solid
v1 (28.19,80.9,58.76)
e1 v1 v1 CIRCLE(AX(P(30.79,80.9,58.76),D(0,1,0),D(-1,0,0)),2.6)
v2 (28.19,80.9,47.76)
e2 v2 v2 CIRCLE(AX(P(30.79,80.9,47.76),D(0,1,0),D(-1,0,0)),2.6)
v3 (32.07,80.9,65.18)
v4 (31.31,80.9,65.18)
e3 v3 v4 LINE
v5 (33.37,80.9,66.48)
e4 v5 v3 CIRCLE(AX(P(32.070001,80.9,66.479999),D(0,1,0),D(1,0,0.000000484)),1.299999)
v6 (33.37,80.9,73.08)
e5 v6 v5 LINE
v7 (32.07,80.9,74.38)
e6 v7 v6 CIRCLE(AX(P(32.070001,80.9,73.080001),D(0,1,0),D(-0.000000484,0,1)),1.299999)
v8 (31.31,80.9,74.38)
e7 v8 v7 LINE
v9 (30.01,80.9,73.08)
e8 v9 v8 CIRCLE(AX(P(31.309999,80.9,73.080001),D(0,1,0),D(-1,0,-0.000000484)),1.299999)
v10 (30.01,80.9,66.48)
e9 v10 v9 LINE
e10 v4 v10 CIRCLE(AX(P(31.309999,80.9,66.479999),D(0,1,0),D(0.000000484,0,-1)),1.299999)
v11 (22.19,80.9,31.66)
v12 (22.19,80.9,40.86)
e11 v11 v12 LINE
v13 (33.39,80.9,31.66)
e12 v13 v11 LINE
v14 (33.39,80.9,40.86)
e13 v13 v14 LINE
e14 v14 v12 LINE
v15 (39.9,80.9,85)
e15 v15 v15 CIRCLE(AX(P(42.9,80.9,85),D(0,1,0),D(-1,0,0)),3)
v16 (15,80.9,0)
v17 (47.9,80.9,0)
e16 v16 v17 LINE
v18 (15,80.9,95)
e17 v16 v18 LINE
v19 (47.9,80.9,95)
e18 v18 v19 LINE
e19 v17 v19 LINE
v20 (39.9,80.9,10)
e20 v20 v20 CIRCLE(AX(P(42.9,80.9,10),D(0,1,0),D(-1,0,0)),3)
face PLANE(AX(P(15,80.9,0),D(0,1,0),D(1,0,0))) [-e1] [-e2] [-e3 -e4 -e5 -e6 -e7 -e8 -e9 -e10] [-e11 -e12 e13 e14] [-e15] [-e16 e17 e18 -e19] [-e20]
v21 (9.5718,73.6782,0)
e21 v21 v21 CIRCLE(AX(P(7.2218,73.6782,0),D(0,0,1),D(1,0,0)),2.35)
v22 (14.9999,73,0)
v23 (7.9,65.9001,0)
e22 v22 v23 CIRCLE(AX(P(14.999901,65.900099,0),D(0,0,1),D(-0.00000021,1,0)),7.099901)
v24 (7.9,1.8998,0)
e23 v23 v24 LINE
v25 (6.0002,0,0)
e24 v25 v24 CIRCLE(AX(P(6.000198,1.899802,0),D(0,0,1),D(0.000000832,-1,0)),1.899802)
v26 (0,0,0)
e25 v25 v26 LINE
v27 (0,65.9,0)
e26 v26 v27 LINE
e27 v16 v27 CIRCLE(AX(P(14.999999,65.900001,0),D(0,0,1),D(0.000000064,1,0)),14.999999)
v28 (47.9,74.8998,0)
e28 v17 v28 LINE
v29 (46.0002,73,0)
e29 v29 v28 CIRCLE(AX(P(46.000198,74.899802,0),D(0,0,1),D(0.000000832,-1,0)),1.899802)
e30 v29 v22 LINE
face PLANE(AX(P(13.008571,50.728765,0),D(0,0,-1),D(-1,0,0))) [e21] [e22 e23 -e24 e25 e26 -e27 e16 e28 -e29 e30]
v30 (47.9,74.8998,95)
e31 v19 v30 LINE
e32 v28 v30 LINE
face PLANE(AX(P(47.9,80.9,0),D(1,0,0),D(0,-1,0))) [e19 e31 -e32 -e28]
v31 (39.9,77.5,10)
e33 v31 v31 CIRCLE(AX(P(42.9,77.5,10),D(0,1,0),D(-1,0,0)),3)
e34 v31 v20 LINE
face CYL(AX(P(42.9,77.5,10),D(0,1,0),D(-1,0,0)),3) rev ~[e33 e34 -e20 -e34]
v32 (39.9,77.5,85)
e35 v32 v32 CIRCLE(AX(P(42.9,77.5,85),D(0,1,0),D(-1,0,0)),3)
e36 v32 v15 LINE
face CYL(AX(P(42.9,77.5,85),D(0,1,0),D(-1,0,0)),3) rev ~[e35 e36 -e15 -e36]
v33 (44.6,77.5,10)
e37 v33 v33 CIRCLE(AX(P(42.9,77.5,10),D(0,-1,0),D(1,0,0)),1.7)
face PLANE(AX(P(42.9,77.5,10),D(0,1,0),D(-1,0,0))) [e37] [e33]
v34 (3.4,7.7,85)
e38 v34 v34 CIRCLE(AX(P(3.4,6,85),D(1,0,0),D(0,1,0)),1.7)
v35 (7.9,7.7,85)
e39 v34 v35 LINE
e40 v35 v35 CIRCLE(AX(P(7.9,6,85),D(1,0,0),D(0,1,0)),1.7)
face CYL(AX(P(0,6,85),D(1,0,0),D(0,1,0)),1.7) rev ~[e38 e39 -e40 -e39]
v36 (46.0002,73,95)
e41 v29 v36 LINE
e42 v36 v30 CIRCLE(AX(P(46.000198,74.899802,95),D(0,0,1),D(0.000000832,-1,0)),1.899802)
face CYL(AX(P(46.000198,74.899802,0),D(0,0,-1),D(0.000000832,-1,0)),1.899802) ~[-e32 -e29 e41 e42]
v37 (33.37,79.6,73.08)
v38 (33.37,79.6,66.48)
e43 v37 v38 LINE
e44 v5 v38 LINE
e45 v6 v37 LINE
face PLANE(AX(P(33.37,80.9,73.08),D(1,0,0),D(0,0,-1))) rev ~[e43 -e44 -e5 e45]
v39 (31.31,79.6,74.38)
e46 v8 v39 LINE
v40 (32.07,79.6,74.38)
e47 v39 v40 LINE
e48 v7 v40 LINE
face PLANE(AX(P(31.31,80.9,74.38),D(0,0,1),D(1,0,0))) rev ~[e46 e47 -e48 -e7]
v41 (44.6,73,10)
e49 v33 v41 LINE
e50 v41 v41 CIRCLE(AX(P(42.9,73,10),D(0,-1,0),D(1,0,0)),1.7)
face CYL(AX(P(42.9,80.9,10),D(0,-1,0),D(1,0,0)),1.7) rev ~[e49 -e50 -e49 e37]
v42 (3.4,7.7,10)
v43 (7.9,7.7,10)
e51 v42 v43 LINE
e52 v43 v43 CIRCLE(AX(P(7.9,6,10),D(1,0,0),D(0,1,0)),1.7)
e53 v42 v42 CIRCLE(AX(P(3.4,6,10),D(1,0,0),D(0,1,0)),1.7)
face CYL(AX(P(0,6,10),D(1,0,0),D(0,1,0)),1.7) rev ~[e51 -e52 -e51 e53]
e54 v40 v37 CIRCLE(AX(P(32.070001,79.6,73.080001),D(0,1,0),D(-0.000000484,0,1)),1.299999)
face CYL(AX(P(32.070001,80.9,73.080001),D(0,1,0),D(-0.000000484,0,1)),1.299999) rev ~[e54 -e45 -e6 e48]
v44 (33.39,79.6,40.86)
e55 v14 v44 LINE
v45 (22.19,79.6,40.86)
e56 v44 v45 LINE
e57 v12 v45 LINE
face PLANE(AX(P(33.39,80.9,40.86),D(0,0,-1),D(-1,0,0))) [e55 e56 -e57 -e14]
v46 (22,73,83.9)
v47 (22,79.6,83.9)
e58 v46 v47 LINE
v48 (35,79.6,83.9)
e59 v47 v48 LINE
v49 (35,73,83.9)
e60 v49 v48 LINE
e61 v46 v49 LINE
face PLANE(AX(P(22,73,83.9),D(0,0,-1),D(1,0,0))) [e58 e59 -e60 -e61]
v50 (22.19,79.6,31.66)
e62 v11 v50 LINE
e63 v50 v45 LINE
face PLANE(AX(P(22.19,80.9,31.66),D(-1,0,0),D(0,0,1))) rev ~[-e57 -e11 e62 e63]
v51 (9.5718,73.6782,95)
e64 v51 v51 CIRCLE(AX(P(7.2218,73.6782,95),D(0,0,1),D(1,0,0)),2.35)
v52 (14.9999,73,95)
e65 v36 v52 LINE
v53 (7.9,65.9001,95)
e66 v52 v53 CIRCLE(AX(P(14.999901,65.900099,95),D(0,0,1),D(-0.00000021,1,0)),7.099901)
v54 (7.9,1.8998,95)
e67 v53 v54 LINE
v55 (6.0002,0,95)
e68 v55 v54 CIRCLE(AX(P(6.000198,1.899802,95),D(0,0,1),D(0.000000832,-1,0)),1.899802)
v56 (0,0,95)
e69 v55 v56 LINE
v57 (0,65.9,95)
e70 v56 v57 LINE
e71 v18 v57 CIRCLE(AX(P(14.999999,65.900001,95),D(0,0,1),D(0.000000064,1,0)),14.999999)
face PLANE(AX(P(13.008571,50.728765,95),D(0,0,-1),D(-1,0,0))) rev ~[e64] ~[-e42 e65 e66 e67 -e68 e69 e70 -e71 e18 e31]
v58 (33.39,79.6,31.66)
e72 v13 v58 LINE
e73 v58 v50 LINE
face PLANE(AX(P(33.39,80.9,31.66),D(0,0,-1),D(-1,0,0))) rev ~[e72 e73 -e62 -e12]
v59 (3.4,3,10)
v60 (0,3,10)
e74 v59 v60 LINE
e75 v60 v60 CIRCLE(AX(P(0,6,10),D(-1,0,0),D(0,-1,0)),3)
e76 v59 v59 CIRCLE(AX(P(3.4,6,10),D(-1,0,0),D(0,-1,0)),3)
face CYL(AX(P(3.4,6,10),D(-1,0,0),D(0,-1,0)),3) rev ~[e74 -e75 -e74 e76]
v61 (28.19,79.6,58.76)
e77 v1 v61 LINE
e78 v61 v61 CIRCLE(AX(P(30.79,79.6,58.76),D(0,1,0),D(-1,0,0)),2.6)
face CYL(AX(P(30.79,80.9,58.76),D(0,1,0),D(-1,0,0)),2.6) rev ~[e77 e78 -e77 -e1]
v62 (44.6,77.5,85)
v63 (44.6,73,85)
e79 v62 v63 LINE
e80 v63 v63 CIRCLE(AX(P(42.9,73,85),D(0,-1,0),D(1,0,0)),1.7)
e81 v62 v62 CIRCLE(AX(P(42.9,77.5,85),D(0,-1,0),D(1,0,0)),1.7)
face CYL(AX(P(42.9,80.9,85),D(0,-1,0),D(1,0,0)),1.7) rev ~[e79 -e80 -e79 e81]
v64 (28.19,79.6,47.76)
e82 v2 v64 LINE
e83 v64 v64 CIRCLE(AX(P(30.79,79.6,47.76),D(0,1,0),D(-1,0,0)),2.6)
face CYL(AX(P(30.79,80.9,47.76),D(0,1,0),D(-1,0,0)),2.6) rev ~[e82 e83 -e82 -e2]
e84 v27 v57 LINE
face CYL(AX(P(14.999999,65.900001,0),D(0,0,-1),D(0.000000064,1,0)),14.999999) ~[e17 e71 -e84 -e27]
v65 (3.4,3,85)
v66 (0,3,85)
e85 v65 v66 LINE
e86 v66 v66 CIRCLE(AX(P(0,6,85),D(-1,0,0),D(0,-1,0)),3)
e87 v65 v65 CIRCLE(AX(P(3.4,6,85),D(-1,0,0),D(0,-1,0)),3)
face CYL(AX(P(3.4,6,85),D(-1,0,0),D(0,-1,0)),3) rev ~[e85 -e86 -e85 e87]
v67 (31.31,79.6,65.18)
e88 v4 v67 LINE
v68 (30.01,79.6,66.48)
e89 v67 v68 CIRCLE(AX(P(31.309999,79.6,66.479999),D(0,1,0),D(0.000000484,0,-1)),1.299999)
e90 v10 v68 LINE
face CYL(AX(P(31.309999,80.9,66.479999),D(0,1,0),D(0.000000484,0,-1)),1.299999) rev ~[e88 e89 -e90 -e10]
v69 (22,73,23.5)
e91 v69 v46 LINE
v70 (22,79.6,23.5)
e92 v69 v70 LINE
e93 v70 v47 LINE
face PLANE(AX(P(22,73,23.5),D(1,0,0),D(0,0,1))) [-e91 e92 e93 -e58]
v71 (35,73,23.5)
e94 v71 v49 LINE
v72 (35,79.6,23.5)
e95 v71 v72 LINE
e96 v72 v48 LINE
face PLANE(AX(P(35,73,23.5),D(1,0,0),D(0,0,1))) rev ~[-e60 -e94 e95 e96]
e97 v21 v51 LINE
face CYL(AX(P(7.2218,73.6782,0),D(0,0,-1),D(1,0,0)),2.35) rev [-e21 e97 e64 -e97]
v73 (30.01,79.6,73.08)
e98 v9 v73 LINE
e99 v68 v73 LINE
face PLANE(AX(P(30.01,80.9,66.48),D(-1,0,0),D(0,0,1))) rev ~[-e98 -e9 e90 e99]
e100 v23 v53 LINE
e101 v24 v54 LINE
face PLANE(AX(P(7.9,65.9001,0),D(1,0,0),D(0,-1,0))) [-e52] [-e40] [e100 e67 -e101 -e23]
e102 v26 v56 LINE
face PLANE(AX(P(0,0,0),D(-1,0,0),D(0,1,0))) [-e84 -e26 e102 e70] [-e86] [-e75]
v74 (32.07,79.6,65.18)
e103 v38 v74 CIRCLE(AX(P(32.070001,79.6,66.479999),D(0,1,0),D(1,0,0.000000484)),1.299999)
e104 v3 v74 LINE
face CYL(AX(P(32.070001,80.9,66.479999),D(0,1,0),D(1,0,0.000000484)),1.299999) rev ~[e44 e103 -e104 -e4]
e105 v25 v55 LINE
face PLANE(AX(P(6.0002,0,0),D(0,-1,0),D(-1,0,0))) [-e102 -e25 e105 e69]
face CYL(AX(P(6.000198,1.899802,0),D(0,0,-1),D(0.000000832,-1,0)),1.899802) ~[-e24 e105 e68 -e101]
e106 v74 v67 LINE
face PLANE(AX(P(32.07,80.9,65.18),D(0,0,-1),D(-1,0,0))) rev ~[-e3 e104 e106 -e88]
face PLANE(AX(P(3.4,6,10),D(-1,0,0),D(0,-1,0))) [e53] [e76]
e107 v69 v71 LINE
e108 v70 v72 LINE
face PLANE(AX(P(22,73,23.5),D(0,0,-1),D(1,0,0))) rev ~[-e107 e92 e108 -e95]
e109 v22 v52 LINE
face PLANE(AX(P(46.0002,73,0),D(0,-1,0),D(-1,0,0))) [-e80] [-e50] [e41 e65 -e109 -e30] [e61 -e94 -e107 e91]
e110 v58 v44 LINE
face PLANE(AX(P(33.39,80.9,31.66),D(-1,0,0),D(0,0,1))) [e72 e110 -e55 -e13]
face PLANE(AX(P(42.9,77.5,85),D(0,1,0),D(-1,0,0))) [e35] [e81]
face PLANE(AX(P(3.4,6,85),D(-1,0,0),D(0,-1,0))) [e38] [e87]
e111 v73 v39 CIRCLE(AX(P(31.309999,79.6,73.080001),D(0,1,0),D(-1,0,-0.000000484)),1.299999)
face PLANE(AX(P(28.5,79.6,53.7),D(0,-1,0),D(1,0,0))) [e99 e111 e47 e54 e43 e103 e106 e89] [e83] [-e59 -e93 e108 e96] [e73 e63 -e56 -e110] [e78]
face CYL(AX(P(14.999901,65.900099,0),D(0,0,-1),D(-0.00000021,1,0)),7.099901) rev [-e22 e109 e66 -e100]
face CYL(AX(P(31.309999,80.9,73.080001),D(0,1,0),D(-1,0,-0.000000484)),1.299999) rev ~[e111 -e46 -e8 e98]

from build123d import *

# Parameters (mm, degrees)
SKETCH_R            = 2.35
PAD_DEPTH           = 95
HOLE_D              = 3.4
HOLE_CBORE_D        = 6
HOLE_CBORE_DEPTH    = 3.4
HOLE001_D           = 3.4
HOLE001_CBORE_D     = 6
HOLE001_CBORE_DEPTH = 3.4
SKETCH003_R         = 2.6
SKETCH003_W         = 11.2
SKETCH003_H         = 9.2
POCKET_DEPTH        = 80.901
SKETCH004_W         = 13
SKETCH004_H         = 60.4
POCKET001_DEPTH     = 6.6


with BuildPart() as part:
    # Sketch → Pad (new body)
    with BuildSketch(Plane.XY):
        with BuildLine():
            Line((0, 0), (0, 65.9))
            ThreePointArc((15, 80.9), (4.393398, 76.506602), (0, 65.9))
            Line((15, 80.9), (47.9, 80.9))
            Line((47.9, 80.9), (47.9, 74.8998))
            ThreePointArc((46.0002, 73), (47.343561, 73.556439), (47.9, 74.8998))
            Line((46.0002, 73), (14.9999, 73))
            ThreePointArc((14.9999, 73), (9.979513, 70.920487), (7.9, 65.9001))
            Line((7.9, 65.9001), (7.9, 1.8998))
            ThreePointArc((6.0002, 0), (7.343561, 0.556439), (7.9, 1.8998))
            Line((6.0002, 0), (0, 0))
        make_face()
        with Locations((7.2218, 73.6782)):
            Circle(SKETCH_R, mode=Mode.SUBTRACT)
    extrude(amount=PAD_DEPTH)

    # Hole (through all)
    with Locations(Plane(origin=(0, 0, 0), x_dir=(0, -1, 0), z_dir=(-1, 0, 0))):
        with Locations((-6, 10), (-6, 85)):
            CounterBoreHole(HOLE_D / 2, HOLE_CBORE_D / 2, HOLE_CBORE_DEPTH)

    # Hole001 (through all)
    with Locations(Plane(origin=(0, 80.9, 0), x_dir=(-1, 0, 0), z_dir=(0, 1, 0))):
        with Locations((-42.9, 10), (-42.9, 85)):
            CounterBoreHole(HOLE001_D / 2, HOLE001_CBORE_D / 2, HOLE001_CBORE_DEPTH)

    # Sketch003 (on Face10 of Hole001) → Pocket (cut, through all)
    with BuildSketch(Plane(origin=(0, 80.9, 0), x_dir=(-1, 0, 0), z_dir=(0, 1, 0))):
        with Locations((-30.79, 58.76)):
            Circle(SKETCH003_R)
        with Locations((-30.79, 47.76)):
            Circle(SKETCH003_R)
        with BuildLine():
            Line((-31.31, 74.38), (-32.07, 74.38))
            ThreePointArc((-32.07, 74.38), (-32.989239, 73.999239), (-33.37, 73.08))
            Line((-33.37, 73.08), (-33.37, 66.48))
            ThreePointArc((-33.37, 66.48), (-32.989239, 65.560761), (-32.07, 65.18))
            Line((-32.07, 65.18), (-31.31, 65.18))
            ThreePointArc((-31.31, 65.18), (-30.390761, 65.560761), (-30.01, 66.48))
            Line((-30.01, 66.48), (-30.01, 73.08))
            ThreePointArc((-30.01, 73.08), (-30.390761, 73.999239), (-31.31, 74.38))
        make_face()
        with Locations((-27.79, 36.26)):
            Rectangle(SKETCH003_W, SKETCH003_H)
    extrude(amount=-POCKET_DEPTH, mode=Mode.SUBTRACT)

    # Sketch004 (on Face13 of Pocket) → Pocket001 (cut)
    with BuildSketch(Plane.XZ.offset(-73)):
        with Locations((28.5, 53.7)):
            Rectangle(SKETCH004_W, SKETCH004_H)
    extrude(amount=-POCKET001_DEPTH, mode=Mode.SUBTRACT)


solid = part.part
